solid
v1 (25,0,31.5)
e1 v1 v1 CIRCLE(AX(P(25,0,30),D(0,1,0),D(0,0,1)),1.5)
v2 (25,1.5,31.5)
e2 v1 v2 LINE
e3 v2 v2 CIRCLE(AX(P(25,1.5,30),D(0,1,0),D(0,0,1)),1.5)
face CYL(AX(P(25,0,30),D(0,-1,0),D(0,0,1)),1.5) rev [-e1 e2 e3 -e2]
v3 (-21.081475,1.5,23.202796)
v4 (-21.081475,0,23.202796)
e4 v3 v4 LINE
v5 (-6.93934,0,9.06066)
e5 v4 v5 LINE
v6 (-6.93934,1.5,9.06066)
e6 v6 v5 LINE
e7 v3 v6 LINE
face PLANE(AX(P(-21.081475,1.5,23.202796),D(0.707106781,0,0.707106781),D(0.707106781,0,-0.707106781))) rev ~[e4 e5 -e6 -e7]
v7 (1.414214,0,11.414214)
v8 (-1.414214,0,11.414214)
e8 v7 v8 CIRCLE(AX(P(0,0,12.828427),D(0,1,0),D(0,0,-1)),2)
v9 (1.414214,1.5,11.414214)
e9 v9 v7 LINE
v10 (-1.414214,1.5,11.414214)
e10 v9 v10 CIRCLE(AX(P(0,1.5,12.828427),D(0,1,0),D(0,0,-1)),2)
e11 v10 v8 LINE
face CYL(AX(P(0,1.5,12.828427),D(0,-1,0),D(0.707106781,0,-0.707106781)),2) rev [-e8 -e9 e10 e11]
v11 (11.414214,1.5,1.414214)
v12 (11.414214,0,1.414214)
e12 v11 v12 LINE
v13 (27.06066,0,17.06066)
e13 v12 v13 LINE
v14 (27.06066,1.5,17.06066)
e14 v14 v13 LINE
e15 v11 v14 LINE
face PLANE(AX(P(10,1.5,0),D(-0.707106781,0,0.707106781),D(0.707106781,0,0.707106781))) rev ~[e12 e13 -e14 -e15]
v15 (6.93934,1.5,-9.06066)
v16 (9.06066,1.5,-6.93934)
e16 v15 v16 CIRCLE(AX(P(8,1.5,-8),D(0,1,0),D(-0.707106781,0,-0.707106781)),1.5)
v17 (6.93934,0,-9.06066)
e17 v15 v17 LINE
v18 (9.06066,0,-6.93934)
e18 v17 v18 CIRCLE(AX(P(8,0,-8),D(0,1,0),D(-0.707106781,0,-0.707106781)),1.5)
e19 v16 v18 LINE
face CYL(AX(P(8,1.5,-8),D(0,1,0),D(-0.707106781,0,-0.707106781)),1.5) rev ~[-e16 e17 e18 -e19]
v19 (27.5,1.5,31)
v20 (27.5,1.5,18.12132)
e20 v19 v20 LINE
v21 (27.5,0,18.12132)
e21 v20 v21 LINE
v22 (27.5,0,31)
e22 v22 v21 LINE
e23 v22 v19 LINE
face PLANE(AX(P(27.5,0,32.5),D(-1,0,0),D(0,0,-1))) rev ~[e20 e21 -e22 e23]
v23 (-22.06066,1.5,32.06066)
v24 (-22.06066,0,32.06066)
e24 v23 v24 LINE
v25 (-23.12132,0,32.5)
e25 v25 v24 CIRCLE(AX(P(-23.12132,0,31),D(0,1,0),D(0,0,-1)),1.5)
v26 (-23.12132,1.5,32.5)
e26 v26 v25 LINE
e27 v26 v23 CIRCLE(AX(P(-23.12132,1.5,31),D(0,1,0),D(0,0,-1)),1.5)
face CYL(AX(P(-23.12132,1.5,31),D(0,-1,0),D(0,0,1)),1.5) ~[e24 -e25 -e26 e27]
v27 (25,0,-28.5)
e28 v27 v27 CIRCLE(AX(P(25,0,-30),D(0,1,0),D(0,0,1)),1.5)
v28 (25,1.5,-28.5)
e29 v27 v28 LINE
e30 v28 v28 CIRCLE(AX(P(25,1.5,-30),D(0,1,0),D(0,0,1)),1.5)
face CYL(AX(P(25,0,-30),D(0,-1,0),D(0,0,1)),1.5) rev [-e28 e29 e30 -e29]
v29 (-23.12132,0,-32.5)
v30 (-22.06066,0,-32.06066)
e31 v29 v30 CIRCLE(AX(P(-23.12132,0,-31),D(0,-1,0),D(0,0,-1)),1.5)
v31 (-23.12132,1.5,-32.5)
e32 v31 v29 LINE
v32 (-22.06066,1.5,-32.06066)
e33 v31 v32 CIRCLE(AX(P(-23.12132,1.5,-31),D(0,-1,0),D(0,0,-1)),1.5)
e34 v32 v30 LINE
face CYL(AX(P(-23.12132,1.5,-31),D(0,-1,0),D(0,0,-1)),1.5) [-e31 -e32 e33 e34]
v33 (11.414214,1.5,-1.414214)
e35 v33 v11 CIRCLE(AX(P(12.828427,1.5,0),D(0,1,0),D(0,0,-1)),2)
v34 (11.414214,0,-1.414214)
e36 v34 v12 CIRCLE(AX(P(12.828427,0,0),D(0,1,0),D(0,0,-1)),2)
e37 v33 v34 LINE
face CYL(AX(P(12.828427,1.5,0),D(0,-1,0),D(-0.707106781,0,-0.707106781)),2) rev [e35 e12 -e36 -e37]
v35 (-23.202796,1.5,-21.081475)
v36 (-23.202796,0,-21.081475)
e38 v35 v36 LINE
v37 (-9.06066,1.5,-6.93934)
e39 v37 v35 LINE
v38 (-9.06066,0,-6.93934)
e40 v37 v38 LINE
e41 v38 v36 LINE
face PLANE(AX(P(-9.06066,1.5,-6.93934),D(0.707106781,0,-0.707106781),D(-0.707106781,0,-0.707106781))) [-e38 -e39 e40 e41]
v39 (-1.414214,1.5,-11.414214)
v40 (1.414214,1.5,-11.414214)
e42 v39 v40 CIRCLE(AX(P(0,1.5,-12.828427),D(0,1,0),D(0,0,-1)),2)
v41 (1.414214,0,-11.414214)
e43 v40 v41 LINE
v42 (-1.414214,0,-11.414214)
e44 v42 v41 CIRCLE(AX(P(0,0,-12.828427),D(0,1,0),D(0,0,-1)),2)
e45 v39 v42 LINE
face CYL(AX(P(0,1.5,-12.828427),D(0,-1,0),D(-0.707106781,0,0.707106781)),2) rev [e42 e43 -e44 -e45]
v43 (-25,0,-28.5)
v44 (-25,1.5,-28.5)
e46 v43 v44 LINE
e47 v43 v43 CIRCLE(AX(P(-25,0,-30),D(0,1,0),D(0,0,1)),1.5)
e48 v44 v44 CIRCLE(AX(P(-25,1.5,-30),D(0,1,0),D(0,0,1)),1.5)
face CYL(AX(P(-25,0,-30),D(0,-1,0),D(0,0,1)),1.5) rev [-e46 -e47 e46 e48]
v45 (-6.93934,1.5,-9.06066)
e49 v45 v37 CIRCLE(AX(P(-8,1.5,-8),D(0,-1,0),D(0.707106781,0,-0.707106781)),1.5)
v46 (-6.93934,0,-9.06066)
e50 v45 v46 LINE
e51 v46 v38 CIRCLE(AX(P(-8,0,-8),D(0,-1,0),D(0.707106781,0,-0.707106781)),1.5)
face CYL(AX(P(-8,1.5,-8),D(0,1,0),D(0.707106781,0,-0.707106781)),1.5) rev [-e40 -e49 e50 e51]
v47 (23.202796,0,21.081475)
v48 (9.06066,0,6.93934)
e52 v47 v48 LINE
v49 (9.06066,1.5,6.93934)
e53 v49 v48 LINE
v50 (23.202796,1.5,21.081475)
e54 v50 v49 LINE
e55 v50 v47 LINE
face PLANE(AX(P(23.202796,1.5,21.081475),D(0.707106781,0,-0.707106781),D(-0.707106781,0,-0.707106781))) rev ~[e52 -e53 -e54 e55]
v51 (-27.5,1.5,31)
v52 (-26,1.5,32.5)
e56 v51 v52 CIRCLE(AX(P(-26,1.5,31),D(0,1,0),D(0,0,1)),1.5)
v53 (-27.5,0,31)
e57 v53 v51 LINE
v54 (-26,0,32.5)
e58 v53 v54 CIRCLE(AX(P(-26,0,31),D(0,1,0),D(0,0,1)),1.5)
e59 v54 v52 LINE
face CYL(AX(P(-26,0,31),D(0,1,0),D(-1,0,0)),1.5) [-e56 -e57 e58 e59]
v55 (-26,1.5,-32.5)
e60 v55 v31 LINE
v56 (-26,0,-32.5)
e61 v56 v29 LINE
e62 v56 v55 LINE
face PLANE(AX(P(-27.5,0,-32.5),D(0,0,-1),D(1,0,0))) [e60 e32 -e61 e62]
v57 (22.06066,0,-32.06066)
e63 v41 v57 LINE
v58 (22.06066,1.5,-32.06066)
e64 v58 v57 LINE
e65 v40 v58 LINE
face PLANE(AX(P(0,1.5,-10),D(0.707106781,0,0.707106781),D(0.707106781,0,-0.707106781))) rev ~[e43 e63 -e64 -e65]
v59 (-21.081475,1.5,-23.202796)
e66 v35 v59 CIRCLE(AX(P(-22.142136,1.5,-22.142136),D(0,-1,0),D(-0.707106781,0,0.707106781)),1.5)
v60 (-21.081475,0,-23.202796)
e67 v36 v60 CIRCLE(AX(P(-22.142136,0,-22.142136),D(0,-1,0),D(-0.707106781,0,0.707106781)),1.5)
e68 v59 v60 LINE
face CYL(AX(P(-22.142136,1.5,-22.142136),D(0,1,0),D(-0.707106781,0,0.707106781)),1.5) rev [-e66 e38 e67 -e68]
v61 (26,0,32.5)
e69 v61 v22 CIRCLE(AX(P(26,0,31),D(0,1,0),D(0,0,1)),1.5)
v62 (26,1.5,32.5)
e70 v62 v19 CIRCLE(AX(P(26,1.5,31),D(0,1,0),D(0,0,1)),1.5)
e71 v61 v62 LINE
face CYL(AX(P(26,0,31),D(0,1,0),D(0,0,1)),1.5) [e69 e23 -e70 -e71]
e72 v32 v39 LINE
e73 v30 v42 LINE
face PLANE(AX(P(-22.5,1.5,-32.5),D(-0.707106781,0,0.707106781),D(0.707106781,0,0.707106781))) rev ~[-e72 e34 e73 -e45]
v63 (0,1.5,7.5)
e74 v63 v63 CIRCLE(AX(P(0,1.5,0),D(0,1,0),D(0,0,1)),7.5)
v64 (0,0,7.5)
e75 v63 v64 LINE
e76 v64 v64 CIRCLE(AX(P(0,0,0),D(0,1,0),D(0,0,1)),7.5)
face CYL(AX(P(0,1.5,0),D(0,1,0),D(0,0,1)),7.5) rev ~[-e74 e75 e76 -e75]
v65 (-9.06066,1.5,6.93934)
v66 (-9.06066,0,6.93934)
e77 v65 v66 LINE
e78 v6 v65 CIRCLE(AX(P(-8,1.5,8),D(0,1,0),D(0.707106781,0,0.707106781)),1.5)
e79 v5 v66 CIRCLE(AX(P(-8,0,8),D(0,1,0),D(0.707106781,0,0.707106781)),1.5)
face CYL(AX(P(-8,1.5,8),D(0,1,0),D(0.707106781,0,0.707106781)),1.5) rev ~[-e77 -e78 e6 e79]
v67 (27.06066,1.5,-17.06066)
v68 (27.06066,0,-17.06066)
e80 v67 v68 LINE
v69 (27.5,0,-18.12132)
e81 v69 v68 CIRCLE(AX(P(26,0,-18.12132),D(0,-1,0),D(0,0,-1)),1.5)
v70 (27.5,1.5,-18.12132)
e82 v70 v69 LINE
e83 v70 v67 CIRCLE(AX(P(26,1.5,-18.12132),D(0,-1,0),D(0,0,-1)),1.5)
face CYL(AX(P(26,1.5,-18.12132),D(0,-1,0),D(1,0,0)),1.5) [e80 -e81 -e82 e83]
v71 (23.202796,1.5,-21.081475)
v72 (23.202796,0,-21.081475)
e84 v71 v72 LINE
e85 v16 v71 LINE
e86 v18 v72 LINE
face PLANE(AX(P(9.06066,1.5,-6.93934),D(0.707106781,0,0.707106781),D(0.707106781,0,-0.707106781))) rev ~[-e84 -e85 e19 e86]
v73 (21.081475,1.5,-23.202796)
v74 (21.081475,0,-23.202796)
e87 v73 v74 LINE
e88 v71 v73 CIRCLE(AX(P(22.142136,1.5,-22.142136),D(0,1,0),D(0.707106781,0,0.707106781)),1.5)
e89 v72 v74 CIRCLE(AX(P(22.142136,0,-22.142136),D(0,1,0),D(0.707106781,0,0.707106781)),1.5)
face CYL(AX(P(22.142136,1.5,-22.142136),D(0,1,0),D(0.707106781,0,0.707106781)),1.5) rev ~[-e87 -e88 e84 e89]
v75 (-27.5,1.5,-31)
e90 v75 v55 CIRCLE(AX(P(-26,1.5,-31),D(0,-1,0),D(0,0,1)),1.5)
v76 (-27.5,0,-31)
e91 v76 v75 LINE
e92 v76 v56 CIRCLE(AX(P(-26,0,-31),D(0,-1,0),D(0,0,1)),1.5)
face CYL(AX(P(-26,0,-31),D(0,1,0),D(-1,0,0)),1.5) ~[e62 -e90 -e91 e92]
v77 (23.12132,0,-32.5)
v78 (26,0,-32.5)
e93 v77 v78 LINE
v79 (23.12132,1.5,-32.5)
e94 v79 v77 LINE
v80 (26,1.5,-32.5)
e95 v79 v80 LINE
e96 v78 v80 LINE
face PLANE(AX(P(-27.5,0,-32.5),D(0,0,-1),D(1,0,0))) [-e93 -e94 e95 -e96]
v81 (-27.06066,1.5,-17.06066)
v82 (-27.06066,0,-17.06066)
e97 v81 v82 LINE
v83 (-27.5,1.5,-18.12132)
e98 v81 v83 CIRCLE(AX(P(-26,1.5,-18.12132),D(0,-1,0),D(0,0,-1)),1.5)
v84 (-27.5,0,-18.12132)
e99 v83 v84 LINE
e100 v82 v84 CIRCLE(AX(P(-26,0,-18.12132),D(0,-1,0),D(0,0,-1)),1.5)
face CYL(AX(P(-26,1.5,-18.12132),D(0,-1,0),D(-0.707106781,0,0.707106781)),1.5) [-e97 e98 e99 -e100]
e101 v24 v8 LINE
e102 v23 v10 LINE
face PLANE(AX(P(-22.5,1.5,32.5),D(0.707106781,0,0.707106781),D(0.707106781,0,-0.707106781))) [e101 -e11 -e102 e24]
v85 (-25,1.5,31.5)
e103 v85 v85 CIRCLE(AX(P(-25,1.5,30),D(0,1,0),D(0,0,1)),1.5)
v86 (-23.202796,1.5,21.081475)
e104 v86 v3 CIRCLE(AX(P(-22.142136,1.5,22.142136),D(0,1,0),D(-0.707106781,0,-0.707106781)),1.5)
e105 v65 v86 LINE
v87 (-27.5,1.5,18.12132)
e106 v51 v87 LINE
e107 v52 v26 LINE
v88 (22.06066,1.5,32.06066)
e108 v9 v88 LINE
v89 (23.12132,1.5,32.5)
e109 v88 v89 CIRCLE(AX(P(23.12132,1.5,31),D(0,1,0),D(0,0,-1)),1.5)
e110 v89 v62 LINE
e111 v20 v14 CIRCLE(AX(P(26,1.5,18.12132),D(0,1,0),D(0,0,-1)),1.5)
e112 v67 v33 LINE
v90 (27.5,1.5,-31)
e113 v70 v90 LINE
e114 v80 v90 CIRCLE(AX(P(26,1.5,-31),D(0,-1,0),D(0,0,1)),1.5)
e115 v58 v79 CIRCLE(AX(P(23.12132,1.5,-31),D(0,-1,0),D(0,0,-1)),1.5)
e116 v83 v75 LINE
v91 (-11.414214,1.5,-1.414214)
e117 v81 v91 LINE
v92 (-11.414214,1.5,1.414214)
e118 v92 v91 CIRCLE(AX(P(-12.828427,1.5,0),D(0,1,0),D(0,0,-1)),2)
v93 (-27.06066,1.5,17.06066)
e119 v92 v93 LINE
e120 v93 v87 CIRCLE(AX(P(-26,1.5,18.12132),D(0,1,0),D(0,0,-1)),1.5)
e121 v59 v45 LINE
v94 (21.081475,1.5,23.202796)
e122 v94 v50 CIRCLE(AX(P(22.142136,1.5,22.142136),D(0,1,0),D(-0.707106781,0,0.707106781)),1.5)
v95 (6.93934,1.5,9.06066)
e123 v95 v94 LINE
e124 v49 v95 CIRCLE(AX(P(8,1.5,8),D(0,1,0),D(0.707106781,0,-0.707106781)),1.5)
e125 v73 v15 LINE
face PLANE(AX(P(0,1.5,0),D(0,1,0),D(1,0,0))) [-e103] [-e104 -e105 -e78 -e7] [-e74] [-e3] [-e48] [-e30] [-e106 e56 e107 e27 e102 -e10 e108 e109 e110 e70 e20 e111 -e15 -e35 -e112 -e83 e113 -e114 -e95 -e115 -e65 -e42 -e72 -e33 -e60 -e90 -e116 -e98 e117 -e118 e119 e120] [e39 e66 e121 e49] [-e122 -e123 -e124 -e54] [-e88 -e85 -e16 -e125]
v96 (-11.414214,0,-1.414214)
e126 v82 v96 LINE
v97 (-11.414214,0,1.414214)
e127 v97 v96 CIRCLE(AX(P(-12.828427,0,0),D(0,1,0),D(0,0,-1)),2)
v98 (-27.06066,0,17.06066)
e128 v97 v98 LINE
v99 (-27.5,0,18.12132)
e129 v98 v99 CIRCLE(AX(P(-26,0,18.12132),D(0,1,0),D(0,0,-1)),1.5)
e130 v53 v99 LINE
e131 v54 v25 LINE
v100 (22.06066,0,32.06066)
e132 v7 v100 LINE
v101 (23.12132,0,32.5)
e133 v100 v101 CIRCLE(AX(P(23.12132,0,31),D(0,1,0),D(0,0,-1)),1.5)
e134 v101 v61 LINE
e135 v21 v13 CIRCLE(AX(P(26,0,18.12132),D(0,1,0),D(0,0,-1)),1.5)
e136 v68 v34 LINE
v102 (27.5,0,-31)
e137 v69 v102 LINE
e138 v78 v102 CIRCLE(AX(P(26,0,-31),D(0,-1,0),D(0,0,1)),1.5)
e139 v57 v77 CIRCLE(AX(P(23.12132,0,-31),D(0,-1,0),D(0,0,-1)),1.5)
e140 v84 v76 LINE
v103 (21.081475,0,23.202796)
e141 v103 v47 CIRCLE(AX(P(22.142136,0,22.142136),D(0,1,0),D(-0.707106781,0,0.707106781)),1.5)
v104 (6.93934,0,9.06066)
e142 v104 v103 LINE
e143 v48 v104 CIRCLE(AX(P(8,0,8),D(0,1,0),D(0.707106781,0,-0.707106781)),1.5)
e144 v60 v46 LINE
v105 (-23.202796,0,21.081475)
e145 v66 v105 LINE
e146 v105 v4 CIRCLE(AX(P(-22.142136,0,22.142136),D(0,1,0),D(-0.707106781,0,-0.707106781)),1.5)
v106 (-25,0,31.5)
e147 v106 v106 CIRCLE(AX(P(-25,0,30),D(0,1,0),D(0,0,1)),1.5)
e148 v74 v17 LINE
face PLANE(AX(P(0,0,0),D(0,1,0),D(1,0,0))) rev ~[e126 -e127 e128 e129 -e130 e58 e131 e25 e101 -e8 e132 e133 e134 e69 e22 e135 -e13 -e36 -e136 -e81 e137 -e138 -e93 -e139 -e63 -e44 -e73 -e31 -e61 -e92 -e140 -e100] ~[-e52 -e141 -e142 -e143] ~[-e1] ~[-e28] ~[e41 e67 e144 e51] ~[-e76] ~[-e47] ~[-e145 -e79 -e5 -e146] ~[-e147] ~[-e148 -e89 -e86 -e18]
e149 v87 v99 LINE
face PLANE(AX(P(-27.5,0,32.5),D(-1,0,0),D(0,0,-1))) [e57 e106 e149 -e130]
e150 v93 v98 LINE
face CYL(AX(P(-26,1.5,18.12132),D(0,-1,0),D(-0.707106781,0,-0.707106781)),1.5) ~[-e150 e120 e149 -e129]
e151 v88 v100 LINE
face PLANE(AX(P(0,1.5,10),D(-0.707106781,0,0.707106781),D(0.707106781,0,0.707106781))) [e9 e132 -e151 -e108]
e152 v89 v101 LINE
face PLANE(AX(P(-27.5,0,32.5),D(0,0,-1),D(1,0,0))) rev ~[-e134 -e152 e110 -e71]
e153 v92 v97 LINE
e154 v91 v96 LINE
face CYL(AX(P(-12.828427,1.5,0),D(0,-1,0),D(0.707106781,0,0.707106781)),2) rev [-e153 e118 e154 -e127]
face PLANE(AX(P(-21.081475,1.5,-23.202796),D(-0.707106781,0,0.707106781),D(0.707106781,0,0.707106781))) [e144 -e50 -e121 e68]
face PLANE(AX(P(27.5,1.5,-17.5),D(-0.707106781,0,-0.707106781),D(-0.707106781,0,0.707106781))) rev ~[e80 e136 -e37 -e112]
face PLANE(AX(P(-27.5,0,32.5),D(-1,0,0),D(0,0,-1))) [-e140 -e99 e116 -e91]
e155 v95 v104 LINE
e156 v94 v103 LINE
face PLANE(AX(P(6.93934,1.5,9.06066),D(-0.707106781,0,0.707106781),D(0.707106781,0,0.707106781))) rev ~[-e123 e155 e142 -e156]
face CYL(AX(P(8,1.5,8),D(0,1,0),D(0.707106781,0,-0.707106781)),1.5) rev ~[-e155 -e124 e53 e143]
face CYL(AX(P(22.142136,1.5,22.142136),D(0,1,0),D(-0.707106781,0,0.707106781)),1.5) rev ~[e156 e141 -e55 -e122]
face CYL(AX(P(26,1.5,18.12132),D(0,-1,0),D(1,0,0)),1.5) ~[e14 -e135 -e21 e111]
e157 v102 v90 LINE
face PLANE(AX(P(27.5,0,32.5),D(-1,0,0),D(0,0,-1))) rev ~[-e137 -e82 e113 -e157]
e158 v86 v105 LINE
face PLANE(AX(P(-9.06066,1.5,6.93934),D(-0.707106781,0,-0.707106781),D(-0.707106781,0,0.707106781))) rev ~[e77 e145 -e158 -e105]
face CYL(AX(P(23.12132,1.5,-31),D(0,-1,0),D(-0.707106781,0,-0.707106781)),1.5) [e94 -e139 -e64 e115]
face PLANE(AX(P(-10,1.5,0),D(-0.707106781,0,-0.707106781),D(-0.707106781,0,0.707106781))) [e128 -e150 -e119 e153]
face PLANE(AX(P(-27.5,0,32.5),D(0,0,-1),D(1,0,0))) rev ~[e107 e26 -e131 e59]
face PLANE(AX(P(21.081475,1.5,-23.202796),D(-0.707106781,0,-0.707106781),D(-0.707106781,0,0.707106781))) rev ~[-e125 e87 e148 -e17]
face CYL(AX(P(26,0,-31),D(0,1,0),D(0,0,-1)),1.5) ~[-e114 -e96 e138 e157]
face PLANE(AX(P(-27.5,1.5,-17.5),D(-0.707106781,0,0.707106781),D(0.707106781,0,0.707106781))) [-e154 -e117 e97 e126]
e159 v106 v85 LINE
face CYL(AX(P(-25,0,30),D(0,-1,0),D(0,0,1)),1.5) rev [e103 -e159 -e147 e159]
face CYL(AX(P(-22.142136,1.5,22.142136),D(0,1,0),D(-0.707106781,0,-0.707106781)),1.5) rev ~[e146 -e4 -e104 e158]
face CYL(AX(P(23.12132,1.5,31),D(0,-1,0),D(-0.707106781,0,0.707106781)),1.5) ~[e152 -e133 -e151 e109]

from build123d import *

# Parameters (mm, degrees)
SKETCH_1_W          = 55
SKETCH_1_H          = 65
SKETCH_1_R          = 1.5
EXTRUDE_1_DEPTH     = 1.5
CUT_EXTRUDE_1_DEPTH = 1.5
SKETCH_3_R          = 7.5
CUT_EXTRUDE_2_DEPTH = 43.599882629
FILLET_1_R          = 2
FILLET_2_R          = 1.5


with BuildPart() as part:
    # 草图1 → 凸台-拉伸1 (new body)
    with BuildSketch(Plane(origin=(0, 0, 0), x_dir=(1, 0, 0), z_dir=(0, 1, 0))):
        Rectangle(SKETCH_1_W, SKETCH_1_H)
        with Locations(Location((-25, 30, 0), (0, 0, 270))):
            Circle(SKETCH_1_R, mode=Mode.SUBTRACT)
        with Locations(Location((25, 30, 0), (0, 0, 270))):
            Circle(SKETCH_1_R, mode=Mode.SUBTRACT)
        with Locations(Location((25, -30, 0), (0, 0, 270))):
            Circle(SKETCH_1_R, mode=Mode.SUBTRACT)
        with Locations(Location((-25, -30, 0), (0, 0, 270))):
            Circle(SKETCH_1_R, mode=Mode.SUBTRACT)
    extrude(amount=EXTRUDE_1_DEPTH)

    # 草图2 → 切除-拉伸1 (cut)
    with BuildSketch(Plane(origin=(0, 1.5, 0), x_dir=(1, 0, 0), z_dir=(0, 1, 0))):
        with BuildLine():
            Line((-21.081475452, 23.202795796), (-6.939339828, 9.060660172))
            ThreePointArc((-6.939339828, 9.060660172), (-6.939339828, 6.939339828), (-9.060660172, 6.939339828))
            Line((-9.060660172, 6.939339828), (-23.202795796, 21.081475452))
            ThreePointArc((-23.202795796, 21.081475452), (-23.202795796, 23.202795796), (-21.081475452, 23.202795796))
        make_face()
        with BuildLine():
            Line((21.081475452, 23.202795796), (6.939339828, 9.060660172))
            ThreePointArc((6.939339828, 9.060660172), (6.939339828, 6.939339828), (9.060660172, 6.939339828))
            Line((9.060660172, 6.939339828), (23.202795796, 21.081475452))
            ThreePointArc((23.202795796, 21.081475452), (23.202795796, 23.202795796), (21.081475452, 23.202795796))
        make_face()
        with BuildLine():
            Line((23.202795796, -21.081475452), (9.060660172, -6.939339828))
            ThreePointArc((9.060660172, -6.939339828), (6.939339828, -6.939339828), (6.939339828, -9.060660172))
            Line((6.939339828, -9.060660172), (21.081475452, -23.202795796))
            ThreePointArc((21.081475452, -23.202795796), (23.202795796, -23.202795796), (23.202795796, -21.081475452))
        make_face()
        with BuildLine():
            Line((-21.081475452, -23.202795796), (-6.939339828, -9.060660172))
            ThreePointArc((-6.939339828, -9.060660172), (-6.939339828, -6.939339828), (-9.060660172, -6.939339828))
            Line((-9.060660172, -6.939339828), (-23.202795796, -21.081475452))
            ThreePointArc((-23.202795796, -21.081475452), (-23.202795796, -23.202795796), (-21.081475452, -23.202795796))
        make_face()
    extrude(amount=-CUT_EXTRUDE_1_DEPTH, mode=Mode.SUBTRACT)

    # 草图3 → 切除-拉伸2 (cut, through all)
    with BuildSketch(Plane(origin=(0, 1.5, 0), x_dir=(1, 0, 0), z_dir=(0, 1, 0))):
        with Locations(Location((0, 0, 0), (0, 0, 270))):
            Circle(SKETCH_3_R)
        Polygon((-22.5, 32.5), (0, 10), (22.5, 32.5), align=None)
        Polygon((-27.5, 17.5), (-10, 0), (-27.5, -17.5), align=None)
        Polygon((10, 0), (27.5, -17.5), (27.5, 17.5), align=None)
        Polygon((0, -10), (22.5, -32.5), (-22.5, -32.5), align=None)
    extrude(amount=-CUT_EXTRUDE_2_DEPTH, mode=Mode.SUBTRACT)

    # 圆角1
    fillet_1_edges = [part.edges().sort_by_distance(p)[0] for p in [
        (-10, 0.75, 0),
        (10, 0.75, 0),
        (0, 0.75, 10),
        (0, 0.75, -10),
    ]]
    fillet(fillet_1_edges, radius=FILLET_1_R)

    # 圆角2
    fillet_2_edges = [part.edges().sort_by_distance(p)[0] for p in [
        (-27.5, 0.75, 17.5),
        (-27.5, 0.75, -17.5),
        (27.5, 0.75, -17.5),
        (27.5, 0.75, 17.5),
        (-22.5, 0.75, 32.5),
        (22.5, 0.75, 32.5),
        (-22.5, 0.75, -32.5),
        (22.5, 0.75, -32.5),
        (27.5, 0.75, 32.5),
        (-27.5, 0.75, 32.5),
        (-27.5, 0.75, -32.5),
        (27.5, 0.75, -32.5),
    ]]
    fillet(fillet_2_edges, radius=FILLET_2_R)


solid = part.part
